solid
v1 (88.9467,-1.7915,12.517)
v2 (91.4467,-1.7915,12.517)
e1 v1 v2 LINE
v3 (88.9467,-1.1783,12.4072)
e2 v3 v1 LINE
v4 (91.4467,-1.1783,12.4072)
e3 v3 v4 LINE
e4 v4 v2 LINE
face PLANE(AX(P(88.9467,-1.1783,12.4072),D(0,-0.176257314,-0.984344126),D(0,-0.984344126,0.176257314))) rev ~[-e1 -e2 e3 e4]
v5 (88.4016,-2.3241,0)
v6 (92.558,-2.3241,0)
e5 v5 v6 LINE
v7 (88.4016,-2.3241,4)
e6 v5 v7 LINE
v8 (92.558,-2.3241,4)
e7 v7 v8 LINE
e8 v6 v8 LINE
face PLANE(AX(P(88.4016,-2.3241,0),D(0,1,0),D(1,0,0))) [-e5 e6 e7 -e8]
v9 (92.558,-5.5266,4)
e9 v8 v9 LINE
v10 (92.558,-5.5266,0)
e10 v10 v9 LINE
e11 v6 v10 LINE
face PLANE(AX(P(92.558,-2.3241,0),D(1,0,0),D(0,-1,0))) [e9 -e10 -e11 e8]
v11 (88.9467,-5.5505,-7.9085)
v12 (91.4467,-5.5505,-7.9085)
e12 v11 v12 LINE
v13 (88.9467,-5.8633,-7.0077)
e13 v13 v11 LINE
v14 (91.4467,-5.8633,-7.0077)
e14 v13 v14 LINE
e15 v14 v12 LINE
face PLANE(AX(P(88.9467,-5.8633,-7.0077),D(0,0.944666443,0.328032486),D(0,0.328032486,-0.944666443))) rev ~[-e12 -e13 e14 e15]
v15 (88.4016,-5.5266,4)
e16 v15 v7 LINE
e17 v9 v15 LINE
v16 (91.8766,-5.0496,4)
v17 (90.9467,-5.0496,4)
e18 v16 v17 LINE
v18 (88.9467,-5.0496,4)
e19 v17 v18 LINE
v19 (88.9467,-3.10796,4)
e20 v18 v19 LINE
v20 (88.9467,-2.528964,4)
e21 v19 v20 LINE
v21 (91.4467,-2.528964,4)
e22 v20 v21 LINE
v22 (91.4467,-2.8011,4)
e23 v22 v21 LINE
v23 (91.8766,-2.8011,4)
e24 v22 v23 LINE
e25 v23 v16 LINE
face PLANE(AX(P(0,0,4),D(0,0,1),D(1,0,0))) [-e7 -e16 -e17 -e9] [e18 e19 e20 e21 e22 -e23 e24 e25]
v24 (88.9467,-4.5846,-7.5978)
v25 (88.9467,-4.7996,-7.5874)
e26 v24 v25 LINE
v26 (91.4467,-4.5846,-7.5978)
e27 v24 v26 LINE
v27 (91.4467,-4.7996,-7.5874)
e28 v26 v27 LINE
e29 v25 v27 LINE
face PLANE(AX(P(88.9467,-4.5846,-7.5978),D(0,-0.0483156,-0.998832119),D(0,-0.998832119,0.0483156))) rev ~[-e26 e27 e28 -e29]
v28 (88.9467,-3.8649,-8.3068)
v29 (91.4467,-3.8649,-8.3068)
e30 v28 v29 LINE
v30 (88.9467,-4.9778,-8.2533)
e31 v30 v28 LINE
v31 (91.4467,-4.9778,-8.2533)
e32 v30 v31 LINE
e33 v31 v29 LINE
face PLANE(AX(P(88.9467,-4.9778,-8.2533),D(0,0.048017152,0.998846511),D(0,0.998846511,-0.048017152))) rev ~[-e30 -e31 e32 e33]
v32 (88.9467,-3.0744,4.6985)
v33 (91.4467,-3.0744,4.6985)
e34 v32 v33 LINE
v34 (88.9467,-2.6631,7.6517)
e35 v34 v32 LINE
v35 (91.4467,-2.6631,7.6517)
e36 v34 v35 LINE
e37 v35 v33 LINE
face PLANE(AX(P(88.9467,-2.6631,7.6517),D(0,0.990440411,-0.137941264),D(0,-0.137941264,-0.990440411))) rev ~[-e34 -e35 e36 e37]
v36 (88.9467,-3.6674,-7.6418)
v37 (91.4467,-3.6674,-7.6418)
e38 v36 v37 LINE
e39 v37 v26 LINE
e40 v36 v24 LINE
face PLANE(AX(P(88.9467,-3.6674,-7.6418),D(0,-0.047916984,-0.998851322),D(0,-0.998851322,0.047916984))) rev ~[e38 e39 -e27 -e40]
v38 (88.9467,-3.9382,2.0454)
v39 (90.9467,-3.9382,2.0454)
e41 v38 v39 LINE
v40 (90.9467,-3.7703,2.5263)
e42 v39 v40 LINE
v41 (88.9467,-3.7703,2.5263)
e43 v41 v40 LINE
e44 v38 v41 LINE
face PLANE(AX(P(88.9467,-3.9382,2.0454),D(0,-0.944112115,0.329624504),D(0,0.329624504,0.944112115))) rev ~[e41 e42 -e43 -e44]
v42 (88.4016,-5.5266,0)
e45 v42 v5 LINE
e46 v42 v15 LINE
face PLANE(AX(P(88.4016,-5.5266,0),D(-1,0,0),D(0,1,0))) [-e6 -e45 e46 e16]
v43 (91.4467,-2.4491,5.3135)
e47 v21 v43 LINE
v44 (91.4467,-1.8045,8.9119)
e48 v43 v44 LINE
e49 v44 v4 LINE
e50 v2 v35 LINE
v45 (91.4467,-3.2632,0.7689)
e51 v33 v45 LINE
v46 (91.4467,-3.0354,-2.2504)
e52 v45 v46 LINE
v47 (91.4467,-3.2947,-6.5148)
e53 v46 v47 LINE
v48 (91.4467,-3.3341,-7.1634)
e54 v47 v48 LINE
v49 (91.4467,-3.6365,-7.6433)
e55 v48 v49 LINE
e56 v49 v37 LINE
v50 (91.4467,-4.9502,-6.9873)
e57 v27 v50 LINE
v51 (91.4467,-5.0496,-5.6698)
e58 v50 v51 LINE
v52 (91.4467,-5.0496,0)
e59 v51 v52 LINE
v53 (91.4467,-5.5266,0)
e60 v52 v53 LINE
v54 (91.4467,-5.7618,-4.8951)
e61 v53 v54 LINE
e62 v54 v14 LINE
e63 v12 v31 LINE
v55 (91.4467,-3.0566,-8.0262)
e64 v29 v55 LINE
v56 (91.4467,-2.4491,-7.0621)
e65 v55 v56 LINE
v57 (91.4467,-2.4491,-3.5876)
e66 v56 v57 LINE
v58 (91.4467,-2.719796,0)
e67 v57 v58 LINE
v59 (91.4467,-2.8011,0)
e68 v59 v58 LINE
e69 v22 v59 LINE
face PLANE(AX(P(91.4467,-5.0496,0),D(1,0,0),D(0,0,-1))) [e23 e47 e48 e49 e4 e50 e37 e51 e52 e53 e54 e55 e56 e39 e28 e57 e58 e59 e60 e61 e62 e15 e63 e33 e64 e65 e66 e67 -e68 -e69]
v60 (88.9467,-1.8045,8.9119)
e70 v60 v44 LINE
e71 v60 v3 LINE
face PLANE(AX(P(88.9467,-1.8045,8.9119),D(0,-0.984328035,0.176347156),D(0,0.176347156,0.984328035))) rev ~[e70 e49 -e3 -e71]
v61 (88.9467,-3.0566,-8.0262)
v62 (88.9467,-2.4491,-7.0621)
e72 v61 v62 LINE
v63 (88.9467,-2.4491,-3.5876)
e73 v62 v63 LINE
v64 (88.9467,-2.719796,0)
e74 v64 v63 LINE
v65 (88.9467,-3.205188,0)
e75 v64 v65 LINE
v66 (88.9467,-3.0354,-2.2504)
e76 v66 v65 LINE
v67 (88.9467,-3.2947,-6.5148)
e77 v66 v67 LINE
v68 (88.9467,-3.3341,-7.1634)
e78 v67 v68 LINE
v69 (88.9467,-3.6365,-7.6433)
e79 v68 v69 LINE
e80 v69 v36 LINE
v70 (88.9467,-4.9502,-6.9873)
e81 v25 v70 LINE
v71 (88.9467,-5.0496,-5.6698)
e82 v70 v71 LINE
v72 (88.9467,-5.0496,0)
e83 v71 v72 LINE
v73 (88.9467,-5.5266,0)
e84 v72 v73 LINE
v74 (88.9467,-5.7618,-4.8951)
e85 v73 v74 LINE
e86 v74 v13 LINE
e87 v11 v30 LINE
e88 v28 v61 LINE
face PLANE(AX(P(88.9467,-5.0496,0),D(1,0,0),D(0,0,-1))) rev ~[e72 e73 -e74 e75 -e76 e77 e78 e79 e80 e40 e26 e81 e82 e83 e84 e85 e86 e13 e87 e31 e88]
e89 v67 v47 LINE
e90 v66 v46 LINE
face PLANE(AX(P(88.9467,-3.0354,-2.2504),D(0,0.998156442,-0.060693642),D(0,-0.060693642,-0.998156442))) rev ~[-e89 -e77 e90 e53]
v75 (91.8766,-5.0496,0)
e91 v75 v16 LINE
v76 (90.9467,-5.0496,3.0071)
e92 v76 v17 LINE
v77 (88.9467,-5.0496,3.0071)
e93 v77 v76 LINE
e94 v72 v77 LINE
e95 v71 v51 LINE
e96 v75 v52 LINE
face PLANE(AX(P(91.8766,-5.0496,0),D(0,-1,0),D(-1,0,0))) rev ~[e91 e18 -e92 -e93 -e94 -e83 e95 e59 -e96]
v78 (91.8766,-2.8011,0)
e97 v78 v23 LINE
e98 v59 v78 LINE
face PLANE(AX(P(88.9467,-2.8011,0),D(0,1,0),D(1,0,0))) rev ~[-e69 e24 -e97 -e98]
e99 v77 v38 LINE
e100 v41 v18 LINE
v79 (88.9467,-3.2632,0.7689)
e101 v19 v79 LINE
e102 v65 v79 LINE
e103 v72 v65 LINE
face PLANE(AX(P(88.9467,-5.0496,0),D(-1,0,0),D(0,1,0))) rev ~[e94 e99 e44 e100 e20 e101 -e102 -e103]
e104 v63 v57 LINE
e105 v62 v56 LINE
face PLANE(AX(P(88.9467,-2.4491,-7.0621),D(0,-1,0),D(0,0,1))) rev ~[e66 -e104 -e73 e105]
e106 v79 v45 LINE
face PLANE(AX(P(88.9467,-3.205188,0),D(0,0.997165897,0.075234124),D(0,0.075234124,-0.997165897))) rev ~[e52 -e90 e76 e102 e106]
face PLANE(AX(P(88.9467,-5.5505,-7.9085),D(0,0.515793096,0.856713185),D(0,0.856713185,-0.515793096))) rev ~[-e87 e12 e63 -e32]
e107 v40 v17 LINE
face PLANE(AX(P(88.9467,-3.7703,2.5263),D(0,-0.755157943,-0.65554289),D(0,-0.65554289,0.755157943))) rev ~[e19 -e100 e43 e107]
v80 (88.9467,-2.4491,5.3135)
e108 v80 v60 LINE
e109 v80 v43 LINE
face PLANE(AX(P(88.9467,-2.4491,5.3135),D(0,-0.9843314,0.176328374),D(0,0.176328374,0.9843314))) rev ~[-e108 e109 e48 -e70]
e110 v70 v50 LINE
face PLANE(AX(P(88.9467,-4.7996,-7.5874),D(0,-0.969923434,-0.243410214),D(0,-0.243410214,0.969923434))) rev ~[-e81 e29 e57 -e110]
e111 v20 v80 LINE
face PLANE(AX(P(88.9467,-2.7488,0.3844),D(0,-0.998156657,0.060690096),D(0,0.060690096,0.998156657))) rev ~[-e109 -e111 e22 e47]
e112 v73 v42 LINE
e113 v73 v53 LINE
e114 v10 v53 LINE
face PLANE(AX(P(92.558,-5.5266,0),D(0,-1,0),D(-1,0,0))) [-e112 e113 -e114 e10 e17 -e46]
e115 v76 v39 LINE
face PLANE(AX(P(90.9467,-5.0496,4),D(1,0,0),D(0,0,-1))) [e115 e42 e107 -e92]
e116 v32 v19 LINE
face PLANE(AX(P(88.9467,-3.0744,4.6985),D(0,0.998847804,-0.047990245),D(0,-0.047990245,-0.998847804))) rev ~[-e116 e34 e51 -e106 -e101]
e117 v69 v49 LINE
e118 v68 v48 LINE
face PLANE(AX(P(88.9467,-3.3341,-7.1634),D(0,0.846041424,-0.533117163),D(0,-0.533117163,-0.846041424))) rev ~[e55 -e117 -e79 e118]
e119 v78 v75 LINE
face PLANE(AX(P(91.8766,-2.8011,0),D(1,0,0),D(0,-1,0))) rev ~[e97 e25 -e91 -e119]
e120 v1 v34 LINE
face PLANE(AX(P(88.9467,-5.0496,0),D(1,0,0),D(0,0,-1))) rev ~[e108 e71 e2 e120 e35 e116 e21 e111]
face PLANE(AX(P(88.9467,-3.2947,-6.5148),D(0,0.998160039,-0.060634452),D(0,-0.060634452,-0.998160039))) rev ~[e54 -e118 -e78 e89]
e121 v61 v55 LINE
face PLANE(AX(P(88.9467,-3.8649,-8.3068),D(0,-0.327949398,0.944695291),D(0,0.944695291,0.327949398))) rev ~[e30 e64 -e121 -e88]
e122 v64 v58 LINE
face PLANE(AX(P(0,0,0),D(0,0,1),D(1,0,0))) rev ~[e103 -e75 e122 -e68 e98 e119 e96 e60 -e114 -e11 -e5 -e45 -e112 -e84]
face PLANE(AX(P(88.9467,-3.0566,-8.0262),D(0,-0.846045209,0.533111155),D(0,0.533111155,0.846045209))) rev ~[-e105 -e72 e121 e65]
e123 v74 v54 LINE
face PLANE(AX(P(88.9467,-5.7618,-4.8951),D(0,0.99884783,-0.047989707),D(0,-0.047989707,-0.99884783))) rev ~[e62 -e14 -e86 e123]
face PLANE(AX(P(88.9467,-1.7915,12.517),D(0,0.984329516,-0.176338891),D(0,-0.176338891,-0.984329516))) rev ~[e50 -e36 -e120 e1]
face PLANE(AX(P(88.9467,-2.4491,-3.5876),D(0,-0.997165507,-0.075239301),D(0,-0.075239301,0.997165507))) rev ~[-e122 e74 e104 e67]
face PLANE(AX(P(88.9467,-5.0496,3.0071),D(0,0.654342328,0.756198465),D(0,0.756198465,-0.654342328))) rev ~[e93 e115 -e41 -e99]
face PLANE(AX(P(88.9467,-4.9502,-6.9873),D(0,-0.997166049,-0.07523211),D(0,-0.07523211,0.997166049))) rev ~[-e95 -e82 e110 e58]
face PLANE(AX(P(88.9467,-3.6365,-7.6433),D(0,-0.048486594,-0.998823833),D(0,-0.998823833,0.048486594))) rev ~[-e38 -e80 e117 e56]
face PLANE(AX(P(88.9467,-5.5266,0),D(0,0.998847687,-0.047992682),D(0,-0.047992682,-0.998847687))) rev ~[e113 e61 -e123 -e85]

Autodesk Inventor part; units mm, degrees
ref_plane "YZ Plane" through (0, 0, 0) normal (1, 0, 0) x (0, 1, 0)
ref_plane "XZ Plane" through (0, 0, 0) normal (0, 1, 0) x (-1, 0, 0)
ref_plane "XY Plane" through (0, 0, 0) normal (0, 0, 1) x (1, 0, 0)
sketch "Sketch1" plane through (0, 0, 0) normal (0, 0, 1) x (1, 0, 0)
  line L0 (92.558, -5.5266) -> (88.4016, -5.5266)
  line L1 (88.4016, -5.5266) -> (88.4016, -2.3241)
  line L2 (88.4016, -2.3241) -> (92.558, -2.3241)
  line L3 (92.558, -2.3241) -> (92.558, -5.5266)
  line L4 (91.8766, -5.0496) -> (88.9467, -5.0496)
  line L5 (88.9467, -5.0496) -> (88.9467, -2.8011)
  line L6 (88.9467, -2.8011) -> (91.8766, -2.8011)
  line L7 (91.8766, -2.8011) -> (91.8766, -5.0496)
  point P0 (0, 0)
extrude "Extrusion1" add sketch "Sketch1" along normal blind 4
sketch "Sketch3" plane through (92.558, -5.5266, 0) normal (1, 0, 0) x (0, 0, -1)
  line L0 (-4, 0) -> (-4, 3.2025) projected
  line L1 (0, 3.2025) -> (0, 0) projected
  point P0 (0, 5.5266)
sketch "Sketch4" plane through (88.9467, -5.0496, 0) normal (1, 0, 0) x (0, 0, -1)
  line L0 (0, 2.7255) -> (0, -0.477) projected
  line L1 (0, -0.477) -> (4.8951, -0.7122)
  line L2 (4.8951, -0.7122) -> (7.0077, -0.8137)
  line L3 (7.0077, -0.8137) -> (7.9085, -0.5009)
  line L4 (7.9085, -0.5009) -> (8.2533, 0.0718)
  line L5 (8.2533, 0.0718) -> (8.3068, 1.1847)
  line L6 (8.3068, 1.1847) -> (8.0262, 1.993)
  line L7 (8.0262, 1.993) -> (7.0621, 2.6005)
  line L8 (7.0621, 2.6005) -> (3.5876, 2.6005)
  line L9 (3.5876, 2.6005) -> (-0.3844, 2.3008)
  line L10 (-0.3844, 2.3008) -> (-5.3135, 2.6005)
  line L11 (-5.3135, 2.6005) -> (-8.9119, 3.2451)
  line L12 (-8.9119, 3.2451) -> (-12.4072, 3.8713)
  line L13 (-12.4072, 3.8713) -> (-12.517, 3.2581)
  line L14 (-12.517, 3.2581) -> (-7.6517, 2.3865)
  line L15 (-7.6517, 2.3865) -> (-4.6985, 1.9752)
  line L16 (-4.6985, 1.9752) -> (-0.7689, 1.7864)
  line L17 (-0.7689, 1.7864) -> (2.2504, 2.0142)
  line L18 (2.2504, 2.0142) -> (6.5148, 1.7549)
  line L19 (6.5148, 1.7549) -> (7.1634, 1.7155)
  line L20 (7.1634, 1.7155) -> (7.6433, 1.4131)
  line L21 (7.6433, 1.4131) -> (7.6418, 1.3822)
  line L22 (7.6418, 1.3822) -> (7.5978, 0.465)
  line L23 (7.5978, 0.465) -> (7.5874, 0.25)
  line L24 (7.5874, 0.25) -> (6.9873, 0.0994)
  line L25 (6.9873, 0.0994) -> (5.6698, 0)
  line L26 (0, 0) -> (-4, 0) projected
  line L27 (5.6698, 0) -> (0, 0)
  line L28 (0, 0) -> (0, -0.477)
  point P0 (0, 5.0496)
extrude "Extrusion2" add sketch "Sketch4" along normal blind 2.5 contours L27 L25 L24 L23 L22 L21 L20 L19 L18 L17 L0 L9 L8 L7 L6 L5 L4 L3 L2 L1 | L17 L16 L15 L14 L13 L12 L11 L10 L9 L0
sketch "Sketch5" plane through (88.9467, -5.0496, 4) normal (1, 0, 0) x (0, 0, -1)
  line L0 (4, 0) -> (0, 0) projected
  line L1 (0, 0) -> (0.9929, 0)
  line L2 (0.9929, 0) -> (1.9546, 1.1114)
  line L3 (1.9546, 1.1114) -> (1.4737, 1.2793)
  line L4 (0, 0) -> (0, 1.9416) projected
  line L5 (1.4737, 1.2793) -> (0, 0)
  point P0 (4, 5.0496)
extrude "Extrusion3" add sketch "Sketch5" along normal blind 2
properties part number "Ziptie"
